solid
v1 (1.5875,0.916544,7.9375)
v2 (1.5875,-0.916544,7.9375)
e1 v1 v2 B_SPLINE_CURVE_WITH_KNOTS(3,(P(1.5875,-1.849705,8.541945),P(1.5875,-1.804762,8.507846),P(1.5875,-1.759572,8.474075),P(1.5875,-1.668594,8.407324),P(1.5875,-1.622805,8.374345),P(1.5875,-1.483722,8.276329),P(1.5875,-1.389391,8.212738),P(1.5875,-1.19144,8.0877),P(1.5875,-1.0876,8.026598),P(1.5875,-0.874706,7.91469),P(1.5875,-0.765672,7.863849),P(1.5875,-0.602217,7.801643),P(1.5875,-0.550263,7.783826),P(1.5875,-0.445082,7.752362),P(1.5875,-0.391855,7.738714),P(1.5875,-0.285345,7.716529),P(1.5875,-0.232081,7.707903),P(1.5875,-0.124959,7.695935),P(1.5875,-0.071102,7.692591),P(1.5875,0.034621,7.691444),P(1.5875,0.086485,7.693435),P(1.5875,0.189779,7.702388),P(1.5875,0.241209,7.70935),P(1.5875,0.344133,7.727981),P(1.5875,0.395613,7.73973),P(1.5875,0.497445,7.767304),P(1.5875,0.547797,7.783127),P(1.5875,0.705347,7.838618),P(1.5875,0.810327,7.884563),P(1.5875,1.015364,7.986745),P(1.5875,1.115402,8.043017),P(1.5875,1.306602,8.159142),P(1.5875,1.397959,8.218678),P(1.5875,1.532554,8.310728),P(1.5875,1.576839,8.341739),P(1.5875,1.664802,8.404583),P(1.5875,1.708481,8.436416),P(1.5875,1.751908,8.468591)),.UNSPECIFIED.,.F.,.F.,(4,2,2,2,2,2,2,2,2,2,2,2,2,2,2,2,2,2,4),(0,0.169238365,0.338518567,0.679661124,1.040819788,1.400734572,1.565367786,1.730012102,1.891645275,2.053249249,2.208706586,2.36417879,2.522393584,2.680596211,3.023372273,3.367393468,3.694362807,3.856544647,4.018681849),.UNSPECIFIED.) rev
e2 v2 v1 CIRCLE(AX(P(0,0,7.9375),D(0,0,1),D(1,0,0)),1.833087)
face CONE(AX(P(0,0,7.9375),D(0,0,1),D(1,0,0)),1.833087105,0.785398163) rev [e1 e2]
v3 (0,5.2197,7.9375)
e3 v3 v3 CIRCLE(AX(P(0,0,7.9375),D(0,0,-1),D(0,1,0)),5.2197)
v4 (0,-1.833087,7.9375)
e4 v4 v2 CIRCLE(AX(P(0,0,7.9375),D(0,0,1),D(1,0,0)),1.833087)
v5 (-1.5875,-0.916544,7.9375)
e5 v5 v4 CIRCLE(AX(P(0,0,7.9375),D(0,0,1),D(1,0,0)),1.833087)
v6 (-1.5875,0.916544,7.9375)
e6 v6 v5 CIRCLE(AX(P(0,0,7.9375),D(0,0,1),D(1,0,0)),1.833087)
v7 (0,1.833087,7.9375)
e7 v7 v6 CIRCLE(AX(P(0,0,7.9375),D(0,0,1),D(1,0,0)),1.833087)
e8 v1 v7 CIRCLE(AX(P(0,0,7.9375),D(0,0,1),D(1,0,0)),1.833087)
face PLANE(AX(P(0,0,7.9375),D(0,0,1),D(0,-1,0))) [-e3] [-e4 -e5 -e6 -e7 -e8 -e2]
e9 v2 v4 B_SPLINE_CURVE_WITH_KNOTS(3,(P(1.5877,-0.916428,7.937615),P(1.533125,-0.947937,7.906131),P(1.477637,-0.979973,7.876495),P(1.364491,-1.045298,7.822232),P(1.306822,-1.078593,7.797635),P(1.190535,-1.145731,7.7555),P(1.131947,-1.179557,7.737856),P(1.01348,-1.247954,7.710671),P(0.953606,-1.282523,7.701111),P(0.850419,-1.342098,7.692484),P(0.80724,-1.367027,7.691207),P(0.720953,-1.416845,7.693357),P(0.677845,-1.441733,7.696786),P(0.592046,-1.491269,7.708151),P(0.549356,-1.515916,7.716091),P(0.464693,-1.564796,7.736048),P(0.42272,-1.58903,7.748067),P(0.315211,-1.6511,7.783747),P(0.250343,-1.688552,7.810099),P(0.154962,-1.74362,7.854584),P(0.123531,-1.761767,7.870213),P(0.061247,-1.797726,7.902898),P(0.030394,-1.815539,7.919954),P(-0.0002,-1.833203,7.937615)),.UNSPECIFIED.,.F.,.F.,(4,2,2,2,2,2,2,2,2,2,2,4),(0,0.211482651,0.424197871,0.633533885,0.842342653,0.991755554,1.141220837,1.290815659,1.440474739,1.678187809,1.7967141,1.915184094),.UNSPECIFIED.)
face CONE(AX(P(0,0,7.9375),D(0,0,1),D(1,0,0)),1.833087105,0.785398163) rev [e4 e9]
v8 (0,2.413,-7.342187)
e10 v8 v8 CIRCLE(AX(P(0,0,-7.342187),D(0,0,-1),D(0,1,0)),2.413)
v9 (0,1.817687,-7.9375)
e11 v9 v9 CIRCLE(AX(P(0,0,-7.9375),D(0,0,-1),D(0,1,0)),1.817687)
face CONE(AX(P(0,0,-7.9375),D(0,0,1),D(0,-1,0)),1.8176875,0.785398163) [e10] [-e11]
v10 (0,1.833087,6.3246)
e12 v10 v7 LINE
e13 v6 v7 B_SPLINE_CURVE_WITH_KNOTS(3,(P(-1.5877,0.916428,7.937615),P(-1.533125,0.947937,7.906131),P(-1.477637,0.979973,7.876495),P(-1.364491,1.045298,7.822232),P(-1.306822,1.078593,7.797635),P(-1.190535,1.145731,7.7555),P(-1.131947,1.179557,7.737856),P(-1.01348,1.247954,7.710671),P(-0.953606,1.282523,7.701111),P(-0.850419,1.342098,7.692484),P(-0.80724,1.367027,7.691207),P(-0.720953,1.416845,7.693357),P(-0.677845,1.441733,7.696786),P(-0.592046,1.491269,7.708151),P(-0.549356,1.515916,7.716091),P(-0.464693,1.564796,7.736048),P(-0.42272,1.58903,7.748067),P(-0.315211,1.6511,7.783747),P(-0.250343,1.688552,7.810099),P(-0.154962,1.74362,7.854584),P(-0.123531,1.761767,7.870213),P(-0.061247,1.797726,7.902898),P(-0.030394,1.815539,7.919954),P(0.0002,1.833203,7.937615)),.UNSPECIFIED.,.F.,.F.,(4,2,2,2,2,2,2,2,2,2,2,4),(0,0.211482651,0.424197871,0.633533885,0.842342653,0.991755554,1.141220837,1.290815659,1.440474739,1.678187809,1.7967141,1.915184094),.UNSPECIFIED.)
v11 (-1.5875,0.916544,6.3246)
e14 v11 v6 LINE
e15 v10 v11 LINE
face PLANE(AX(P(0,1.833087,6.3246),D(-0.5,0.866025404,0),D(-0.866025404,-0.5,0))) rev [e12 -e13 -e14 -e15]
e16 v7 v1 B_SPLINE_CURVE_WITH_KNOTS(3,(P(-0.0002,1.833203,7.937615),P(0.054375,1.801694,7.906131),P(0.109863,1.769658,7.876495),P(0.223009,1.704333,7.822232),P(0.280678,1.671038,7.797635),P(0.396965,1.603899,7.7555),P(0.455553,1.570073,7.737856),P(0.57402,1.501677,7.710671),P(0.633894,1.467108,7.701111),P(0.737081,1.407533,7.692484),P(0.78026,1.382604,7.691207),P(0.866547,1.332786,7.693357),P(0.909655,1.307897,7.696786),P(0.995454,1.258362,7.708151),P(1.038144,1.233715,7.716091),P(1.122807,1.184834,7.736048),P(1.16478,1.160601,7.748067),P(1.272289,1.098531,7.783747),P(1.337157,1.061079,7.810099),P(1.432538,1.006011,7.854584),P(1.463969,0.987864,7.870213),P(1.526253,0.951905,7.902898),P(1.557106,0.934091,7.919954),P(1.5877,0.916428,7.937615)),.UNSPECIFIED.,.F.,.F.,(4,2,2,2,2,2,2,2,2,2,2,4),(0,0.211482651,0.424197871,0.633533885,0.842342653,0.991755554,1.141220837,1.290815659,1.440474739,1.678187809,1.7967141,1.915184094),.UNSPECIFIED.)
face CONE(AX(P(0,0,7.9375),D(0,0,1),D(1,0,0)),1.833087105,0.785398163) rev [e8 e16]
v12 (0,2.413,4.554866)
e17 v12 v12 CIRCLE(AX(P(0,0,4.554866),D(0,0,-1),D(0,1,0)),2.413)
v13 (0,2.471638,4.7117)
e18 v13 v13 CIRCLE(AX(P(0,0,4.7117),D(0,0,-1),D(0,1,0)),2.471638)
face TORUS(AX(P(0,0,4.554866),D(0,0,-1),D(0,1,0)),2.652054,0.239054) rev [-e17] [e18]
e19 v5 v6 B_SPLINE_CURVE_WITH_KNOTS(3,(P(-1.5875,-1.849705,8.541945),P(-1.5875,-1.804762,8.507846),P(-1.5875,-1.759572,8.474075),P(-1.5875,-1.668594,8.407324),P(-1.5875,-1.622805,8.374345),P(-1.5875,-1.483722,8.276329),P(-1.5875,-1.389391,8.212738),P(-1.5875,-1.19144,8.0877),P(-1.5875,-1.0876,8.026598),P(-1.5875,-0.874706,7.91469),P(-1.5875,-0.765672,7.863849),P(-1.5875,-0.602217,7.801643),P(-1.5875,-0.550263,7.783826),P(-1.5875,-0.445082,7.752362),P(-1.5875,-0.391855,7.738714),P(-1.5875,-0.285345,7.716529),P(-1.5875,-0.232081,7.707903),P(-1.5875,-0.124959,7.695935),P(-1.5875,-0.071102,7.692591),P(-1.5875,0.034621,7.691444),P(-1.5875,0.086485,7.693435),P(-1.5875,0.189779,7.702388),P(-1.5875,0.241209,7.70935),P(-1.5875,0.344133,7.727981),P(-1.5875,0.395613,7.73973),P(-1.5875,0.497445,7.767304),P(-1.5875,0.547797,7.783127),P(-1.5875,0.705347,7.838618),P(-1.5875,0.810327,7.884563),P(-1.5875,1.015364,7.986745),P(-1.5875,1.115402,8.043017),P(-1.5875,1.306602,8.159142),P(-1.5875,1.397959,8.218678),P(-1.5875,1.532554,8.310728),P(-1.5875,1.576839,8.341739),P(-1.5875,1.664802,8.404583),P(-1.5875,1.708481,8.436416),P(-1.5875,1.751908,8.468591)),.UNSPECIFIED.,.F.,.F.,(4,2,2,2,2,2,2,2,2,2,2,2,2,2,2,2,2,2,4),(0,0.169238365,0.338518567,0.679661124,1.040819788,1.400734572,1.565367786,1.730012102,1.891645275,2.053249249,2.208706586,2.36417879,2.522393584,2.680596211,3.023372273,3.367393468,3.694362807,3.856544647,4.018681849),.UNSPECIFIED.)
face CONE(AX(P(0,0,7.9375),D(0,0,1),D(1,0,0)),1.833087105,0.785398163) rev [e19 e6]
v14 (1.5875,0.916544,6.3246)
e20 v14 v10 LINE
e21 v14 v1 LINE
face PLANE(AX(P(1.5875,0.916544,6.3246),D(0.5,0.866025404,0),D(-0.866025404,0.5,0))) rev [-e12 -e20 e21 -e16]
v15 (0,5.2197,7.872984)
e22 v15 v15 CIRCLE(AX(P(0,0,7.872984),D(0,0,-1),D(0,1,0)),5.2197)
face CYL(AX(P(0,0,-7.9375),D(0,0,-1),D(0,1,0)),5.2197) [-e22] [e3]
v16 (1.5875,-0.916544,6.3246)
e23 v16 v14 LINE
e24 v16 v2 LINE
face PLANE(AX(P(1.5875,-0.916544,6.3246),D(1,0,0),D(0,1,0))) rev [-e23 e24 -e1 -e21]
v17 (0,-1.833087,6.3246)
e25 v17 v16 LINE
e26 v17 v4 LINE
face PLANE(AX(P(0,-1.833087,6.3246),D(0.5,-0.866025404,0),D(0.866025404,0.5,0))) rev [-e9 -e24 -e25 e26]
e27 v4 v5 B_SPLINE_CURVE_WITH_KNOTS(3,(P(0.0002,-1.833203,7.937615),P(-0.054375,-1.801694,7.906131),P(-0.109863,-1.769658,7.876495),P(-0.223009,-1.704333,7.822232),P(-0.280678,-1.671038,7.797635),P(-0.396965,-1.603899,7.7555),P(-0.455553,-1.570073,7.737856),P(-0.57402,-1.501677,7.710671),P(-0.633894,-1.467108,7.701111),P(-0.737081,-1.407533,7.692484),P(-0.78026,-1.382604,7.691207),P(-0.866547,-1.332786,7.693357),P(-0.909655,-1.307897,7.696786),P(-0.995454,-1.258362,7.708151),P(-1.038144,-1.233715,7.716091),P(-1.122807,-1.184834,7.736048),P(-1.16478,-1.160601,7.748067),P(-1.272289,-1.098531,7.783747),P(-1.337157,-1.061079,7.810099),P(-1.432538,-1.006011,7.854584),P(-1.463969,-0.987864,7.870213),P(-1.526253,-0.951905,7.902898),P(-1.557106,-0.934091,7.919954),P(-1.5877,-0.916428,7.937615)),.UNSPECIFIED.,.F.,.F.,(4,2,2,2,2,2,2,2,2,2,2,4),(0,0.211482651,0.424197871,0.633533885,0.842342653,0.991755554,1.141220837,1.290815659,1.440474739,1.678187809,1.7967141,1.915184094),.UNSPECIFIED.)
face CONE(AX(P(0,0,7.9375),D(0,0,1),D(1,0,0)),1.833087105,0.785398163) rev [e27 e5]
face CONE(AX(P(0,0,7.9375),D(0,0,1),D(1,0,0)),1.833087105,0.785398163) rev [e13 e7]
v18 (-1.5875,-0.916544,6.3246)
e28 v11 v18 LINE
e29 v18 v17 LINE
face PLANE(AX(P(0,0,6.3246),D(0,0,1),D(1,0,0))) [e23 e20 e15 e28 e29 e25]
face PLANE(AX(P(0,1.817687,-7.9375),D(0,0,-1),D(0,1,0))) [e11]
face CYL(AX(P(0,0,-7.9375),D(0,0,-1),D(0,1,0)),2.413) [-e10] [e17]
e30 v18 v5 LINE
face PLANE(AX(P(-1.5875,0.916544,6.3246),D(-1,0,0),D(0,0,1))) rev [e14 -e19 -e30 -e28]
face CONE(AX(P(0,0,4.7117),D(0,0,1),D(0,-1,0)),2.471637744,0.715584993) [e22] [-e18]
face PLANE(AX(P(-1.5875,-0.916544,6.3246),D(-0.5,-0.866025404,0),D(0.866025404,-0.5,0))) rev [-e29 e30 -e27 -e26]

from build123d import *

# Parameters (mm, degrees)
SKETCH10_R         = 1.833087105
CUT_EXTRUDE2_DEPTH = 1.6129
CUT_EXTRUDE2_DRAFT = -45
CUT_EXTRUDE1_DEPTH = 1.6129


with BuildPart() as part:
    # Sketch2 → Revolve1 (revolve)
    with BuildSketch(Plane(origin=(0, 0, 0), x_dir=(0, 0, -1), z_dir=(1, 0, 0))):
        with BuildLine():
            Line((-7.872984, 5.2197), (-4.7117, 2.471637744))
            ThreePointArc((-4.7117, 2.471637744), (-4.63858483, 2.428138789), (-4.554866229, 2.413))
            Line((-4.554866229, 2.413), (7.3421875, 2.413))
            Line((7.3421875, 2.413), (7.9375, 1.8176875))
            Line((7.9375, 1.8176875), (7.9375, 0))
            Line((7.9375, 0), (-7.9375, 0))
            Line((-7.9375, 0), (-7.9375, 5.2197))
            Line((-7.9375, 5.2197), (-7.872984, 5.2197))
        make_face()
    revolve(axis=Axis((0, 0, -7.9375), (0, 0, 1)))


with BuildPart() as cut_extrude2_tool:
    # Sketch10 → Cut-Extrude2 (with draft: the straight prism first)
    with BuildSketch(Plane.XY.offset(7.9375)):
        Circle(SKETCH10_R)
    extrude(amount=-CUT_EXTRUDE2_DEPTH)
    # Cut-Extrude2: the draft: its side faces are tilted about the plane it starts from
    cut_extrude2_sides = [cut_extrude2_tool.faces().sort_by_distance(p)[0] for p in [
        (-1.833087105, 0, 7.13105),
    ]]
    draft(cut_extrude2_sides, Plane.XY.offset(7.9375), CUT_EXTRUDE2_DRAFT)


with BuildPart() as part_1:
    add(part.part)

    # Cut-Extrude2: cut by cut_extrude2_tool
    add(cut_extrude2_tool.part, mode=Mode.SUBTRACT)

    # Sketch9 → Cut-Extrude1 (cut)
    with BuildSketch(Plane.XY.offset(7.9375)):
        Polygon((1.5875, -0.916543552), (1.5875, 0.916543552), (0, 1.833087105), (-1.5875, 0.916543552), (-1.5875, -0.916543552), (0, -1.833087105), align=None)
    extrude(amount=-CUT_EXTRUDE1_DEPTH, mode=Mode.SUBTRACT)


solid = part_1.part
